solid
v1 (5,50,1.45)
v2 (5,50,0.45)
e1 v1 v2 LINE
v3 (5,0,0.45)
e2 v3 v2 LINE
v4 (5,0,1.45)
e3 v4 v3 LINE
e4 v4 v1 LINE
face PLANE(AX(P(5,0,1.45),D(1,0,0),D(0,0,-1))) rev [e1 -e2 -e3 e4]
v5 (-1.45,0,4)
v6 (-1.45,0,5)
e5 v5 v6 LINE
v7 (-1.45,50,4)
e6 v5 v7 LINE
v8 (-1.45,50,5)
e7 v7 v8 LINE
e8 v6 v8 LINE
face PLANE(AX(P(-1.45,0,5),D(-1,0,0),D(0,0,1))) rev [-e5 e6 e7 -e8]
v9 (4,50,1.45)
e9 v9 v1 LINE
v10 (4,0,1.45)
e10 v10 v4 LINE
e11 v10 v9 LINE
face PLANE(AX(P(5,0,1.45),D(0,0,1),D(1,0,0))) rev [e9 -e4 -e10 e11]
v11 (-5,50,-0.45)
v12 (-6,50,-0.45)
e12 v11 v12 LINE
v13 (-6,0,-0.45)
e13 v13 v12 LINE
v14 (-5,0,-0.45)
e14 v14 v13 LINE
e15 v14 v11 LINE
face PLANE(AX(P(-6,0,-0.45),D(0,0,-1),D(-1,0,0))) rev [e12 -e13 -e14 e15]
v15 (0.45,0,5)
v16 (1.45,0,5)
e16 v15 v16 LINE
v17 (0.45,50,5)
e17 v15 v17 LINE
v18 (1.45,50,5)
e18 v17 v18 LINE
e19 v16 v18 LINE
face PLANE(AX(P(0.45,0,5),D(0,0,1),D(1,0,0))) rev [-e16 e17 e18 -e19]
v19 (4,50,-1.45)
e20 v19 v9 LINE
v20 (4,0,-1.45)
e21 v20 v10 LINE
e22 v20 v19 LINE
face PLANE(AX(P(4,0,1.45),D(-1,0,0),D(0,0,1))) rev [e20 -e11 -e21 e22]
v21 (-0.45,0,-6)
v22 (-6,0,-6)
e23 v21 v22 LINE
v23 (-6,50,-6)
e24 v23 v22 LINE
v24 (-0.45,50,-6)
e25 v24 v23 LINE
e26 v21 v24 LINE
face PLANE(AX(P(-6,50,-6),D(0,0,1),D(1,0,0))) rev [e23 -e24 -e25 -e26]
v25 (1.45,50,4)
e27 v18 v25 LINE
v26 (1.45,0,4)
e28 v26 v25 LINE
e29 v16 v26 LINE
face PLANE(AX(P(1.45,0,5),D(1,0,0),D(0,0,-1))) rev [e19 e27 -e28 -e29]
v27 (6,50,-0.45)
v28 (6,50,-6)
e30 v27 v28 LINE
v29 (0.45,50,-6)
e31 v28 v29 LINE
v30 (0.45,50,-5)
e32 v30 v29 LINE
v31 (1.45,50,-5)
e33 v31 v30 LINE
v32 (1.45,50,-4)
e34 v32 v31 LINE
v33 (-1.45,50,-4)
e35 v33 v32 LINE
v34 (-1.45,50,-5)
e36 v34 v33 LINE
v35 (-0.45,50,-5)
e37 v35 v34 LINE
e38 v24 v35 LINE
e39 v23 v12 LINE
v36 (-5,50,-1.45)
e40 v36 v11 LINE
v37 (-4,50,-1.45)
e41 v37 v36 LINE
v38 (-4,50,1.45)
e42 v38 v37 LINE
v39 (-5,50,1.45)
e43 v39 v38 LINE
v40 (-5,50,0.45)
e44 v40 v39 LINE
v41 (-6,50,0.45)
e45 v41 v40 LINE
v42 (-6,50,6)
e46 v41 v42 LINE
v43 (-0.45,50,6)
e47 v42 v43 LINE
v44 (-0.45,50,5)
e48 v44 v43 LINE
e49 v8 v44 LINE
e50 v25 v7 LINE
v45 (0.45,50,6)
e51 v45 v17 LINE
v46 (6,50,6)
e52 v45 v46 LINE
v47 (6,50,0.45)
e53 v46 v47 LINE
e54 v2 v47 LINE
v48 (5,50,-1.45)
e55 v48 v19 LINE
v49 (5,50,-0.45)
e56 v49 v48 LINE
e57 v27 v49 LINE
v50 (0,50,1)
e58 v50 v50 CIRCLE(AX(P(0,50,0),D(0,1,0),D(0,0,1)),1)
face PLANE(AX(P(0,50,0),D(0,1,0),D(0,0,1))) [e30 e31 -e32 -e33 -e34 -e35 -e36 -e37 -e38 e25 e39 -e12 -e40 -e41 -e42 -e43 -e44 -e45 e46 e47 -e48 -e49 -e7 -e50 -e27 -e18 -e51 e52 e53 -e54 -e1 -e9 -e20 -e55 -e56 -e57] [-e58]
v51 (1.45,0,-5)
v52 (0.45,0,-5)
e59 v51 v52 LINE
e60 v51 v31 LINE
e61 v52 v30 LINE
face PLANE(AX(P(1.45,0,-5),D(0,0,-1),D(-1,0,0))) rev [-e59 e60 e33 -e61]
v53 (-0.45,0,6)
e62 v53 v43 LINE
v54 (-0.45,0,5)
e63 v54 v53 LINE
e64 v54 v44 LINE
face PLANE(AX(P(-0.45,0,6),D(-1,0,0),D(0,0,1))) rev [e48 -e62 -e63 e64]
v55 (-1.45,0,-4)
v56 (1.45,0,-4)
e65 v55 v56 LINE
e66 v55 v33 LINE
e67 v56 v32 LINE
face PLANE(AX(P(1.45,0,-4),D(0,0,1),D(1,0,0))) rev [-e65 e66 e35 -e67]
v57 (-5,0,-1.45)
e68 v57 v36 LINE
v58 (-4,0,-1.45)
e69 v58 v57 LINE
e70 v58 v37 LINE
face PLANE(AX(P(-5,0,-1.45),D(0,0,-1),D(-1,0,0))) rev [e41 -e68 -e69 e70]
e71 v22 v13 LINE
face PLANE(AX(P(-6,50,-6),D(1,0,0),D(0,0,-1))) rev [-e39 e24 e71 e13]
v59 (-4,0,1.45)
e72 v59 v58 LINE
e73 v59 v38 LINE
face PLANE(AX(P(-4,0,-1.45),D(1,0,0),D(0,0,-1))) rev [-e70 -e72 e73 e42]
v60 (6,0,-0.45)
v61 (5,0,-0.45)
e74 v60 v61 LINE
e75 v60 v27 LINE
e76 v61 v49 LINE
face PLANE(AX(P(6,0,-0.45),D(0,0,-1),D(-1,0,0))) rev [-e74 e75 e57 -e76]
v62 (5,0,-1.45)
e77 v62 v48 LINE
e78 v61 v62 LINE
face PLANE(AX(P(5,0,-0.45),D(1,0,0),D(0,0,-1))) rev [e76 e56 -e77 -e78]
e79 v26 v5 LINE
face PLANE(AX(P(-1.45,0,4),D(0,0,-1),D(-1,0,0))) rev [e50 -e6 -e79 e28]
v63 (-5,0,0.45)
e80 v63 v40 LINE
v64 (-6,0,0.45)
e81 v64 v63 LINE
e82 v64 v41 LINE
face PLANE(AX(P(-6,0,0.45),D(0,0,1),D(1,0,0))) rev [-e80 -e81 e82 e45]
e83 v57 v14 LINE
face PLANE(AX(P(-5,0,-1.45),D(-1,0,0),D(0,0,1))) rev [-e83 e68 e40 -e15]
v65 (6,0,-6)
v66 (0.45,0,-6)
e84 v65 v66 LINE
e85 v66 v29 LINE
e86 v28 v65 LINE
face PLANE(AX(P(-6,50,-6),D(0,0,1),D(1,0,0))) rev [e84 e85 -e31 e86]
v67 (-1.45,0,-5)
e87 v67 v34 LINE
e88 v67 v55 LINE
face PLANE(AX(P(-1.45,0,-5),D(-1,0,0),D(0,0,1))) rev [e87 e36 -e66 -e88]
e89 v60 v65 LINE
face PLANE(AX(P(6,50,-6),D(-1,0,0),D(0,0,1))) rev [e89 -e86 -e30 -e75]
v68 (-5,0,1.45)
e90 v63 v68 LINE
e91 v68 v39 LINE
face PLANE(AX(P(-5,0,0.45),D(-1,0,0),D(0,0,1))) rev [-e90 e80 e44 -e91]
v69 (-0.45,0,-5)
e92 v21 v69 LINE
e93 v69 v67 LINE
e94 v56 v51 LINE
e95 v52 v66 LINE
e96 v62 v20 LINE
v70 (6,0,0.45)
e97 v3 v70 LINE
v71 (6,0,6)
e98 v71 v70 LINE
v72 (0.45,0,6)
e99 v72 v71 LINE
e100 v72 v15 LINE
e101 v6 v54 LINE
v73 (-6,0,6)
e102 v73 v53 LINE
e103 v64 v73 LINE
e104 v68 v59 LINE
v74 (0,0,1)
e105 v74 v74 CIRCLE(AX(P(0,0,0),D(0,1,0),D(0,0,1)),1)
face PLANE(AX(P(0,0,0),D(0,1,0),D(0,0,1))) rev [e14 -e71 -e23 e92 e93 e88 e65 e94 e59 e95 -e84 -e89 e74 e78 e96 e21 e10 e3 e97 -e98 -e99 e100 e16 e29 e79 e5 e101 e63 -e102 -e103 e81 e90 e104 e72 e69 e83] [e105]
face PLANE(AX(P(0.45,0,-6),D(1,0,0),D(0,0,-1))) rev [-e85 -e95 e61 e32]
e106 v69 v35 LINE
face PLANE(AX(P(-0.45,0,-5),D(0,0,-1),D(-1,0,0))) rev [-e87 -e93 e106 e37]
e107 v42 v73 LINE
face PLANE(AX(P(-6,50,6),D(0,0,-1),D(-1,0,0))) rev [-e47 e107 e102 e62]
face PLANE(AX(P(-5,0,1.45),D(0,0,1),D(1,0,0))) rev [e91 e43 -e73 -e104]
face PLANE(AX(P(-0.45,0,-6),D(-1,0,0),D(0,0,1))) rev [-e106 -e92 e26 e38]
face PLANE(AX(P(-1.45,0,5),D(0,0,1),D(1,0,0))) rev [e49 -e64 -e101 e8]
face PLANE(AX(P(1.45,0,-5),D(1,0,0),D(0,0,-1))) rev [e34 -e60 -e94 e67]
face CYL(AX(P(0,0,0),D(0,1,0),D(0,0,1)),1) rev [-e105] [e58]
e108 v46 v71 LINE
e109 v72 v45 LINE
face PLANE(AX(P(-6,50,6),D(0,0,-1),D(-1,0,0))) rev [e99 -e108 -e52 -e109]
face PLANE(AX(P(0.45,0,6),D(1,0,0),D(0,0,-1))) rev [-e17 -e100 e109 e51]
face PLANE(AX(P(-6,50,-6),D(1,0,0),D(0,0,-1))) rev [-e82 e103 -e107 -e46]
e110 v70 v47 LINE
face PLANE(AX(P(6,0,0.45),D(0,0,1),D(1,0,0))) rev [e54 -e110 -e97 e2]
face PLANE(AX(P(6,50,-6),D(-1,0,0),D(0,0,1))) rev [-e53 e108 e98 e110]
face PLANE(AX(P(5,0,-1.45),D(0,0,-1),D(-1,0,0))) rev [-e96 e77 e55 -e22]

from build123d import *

# Parameters (mm, degrees)
ESQUISSE1_W             = 12
ESQUISSE1_H             = 12
BOSS_EXTRU_1_DEPTH      = 50
ENL_V_MAT_EXTRU_1_DEPTH = 50
ESQUISSE3_R             = 1
ENL_V_MAT_EXTRU_2_DEPTH = 50


with BuildPart() as part:
    # Esquisse1 → Boss.-Extru.1 (new body)
    with BuildSketch(Plane(origin=(0, 0, 0), x_dir=(1, 0, 0), z_dir=(0, 1, 0))):
        Rectangle(ESQUISSE1_W, ESQUISSE1_H)
    extrude(amount=BOSS_EXTRU_1_DEPTH)

    # Esquisse2 → Enlèv. mat.-Extru.1 (cut)
    with BuildSketch(Plane(origin=(0, 50, 0), x_dir=(1, 0, 0), z_dir=(0, 1, 0))):
        Polygon((-5, -0.45), (-5, -1.45), (-4, -1.45), (-4, 1.45), (-5, 1.45), (-5, 0.45), (-6, 0.45), (-6, -0.45), align=None)
        Polygon((1.45, 5), (1.45, 4), (-1.45, 4), (-1.45, 5), (-0.45, 5), (-0.45, 6), (0.45, 6), (0.45, 5), align=None)
        Polygon((5, -1.45), (4, -1.45), (4, 1.45), (5, 1.45), (5, 0.45), (6, 0.45), (6, -0.45), (5, -0.45), align=None)
        Polygon((-1.45, -5), (-1.45, -4), (1.45, -4), (1.45, -5), (0.45, -5), (0.45, -6), (-0.45, -6), (-0.45, -5), align=None)
    extrude(amount=-ENL_V_MAT_EXTRU_1_DEPTH, mode=Mode.SUBTRACT)

    # Esquisse3 → Enlèv. mat.-Extru.2 (cut)
    with BuildSketch(Plane(origin=(0, 50, 0), x_dir=(1, 0, 0), z_dir=(0, 1, 0))):
        with Locations(Location((0, 0, 0), (0, 0, 270))):
            Circle(ESQUISSE3_R)
    extrude(amount=-ENL_V_MAT_EXTRU_2_DEPTH, mode=Mode.SUBTRACT)


solid = part.part
